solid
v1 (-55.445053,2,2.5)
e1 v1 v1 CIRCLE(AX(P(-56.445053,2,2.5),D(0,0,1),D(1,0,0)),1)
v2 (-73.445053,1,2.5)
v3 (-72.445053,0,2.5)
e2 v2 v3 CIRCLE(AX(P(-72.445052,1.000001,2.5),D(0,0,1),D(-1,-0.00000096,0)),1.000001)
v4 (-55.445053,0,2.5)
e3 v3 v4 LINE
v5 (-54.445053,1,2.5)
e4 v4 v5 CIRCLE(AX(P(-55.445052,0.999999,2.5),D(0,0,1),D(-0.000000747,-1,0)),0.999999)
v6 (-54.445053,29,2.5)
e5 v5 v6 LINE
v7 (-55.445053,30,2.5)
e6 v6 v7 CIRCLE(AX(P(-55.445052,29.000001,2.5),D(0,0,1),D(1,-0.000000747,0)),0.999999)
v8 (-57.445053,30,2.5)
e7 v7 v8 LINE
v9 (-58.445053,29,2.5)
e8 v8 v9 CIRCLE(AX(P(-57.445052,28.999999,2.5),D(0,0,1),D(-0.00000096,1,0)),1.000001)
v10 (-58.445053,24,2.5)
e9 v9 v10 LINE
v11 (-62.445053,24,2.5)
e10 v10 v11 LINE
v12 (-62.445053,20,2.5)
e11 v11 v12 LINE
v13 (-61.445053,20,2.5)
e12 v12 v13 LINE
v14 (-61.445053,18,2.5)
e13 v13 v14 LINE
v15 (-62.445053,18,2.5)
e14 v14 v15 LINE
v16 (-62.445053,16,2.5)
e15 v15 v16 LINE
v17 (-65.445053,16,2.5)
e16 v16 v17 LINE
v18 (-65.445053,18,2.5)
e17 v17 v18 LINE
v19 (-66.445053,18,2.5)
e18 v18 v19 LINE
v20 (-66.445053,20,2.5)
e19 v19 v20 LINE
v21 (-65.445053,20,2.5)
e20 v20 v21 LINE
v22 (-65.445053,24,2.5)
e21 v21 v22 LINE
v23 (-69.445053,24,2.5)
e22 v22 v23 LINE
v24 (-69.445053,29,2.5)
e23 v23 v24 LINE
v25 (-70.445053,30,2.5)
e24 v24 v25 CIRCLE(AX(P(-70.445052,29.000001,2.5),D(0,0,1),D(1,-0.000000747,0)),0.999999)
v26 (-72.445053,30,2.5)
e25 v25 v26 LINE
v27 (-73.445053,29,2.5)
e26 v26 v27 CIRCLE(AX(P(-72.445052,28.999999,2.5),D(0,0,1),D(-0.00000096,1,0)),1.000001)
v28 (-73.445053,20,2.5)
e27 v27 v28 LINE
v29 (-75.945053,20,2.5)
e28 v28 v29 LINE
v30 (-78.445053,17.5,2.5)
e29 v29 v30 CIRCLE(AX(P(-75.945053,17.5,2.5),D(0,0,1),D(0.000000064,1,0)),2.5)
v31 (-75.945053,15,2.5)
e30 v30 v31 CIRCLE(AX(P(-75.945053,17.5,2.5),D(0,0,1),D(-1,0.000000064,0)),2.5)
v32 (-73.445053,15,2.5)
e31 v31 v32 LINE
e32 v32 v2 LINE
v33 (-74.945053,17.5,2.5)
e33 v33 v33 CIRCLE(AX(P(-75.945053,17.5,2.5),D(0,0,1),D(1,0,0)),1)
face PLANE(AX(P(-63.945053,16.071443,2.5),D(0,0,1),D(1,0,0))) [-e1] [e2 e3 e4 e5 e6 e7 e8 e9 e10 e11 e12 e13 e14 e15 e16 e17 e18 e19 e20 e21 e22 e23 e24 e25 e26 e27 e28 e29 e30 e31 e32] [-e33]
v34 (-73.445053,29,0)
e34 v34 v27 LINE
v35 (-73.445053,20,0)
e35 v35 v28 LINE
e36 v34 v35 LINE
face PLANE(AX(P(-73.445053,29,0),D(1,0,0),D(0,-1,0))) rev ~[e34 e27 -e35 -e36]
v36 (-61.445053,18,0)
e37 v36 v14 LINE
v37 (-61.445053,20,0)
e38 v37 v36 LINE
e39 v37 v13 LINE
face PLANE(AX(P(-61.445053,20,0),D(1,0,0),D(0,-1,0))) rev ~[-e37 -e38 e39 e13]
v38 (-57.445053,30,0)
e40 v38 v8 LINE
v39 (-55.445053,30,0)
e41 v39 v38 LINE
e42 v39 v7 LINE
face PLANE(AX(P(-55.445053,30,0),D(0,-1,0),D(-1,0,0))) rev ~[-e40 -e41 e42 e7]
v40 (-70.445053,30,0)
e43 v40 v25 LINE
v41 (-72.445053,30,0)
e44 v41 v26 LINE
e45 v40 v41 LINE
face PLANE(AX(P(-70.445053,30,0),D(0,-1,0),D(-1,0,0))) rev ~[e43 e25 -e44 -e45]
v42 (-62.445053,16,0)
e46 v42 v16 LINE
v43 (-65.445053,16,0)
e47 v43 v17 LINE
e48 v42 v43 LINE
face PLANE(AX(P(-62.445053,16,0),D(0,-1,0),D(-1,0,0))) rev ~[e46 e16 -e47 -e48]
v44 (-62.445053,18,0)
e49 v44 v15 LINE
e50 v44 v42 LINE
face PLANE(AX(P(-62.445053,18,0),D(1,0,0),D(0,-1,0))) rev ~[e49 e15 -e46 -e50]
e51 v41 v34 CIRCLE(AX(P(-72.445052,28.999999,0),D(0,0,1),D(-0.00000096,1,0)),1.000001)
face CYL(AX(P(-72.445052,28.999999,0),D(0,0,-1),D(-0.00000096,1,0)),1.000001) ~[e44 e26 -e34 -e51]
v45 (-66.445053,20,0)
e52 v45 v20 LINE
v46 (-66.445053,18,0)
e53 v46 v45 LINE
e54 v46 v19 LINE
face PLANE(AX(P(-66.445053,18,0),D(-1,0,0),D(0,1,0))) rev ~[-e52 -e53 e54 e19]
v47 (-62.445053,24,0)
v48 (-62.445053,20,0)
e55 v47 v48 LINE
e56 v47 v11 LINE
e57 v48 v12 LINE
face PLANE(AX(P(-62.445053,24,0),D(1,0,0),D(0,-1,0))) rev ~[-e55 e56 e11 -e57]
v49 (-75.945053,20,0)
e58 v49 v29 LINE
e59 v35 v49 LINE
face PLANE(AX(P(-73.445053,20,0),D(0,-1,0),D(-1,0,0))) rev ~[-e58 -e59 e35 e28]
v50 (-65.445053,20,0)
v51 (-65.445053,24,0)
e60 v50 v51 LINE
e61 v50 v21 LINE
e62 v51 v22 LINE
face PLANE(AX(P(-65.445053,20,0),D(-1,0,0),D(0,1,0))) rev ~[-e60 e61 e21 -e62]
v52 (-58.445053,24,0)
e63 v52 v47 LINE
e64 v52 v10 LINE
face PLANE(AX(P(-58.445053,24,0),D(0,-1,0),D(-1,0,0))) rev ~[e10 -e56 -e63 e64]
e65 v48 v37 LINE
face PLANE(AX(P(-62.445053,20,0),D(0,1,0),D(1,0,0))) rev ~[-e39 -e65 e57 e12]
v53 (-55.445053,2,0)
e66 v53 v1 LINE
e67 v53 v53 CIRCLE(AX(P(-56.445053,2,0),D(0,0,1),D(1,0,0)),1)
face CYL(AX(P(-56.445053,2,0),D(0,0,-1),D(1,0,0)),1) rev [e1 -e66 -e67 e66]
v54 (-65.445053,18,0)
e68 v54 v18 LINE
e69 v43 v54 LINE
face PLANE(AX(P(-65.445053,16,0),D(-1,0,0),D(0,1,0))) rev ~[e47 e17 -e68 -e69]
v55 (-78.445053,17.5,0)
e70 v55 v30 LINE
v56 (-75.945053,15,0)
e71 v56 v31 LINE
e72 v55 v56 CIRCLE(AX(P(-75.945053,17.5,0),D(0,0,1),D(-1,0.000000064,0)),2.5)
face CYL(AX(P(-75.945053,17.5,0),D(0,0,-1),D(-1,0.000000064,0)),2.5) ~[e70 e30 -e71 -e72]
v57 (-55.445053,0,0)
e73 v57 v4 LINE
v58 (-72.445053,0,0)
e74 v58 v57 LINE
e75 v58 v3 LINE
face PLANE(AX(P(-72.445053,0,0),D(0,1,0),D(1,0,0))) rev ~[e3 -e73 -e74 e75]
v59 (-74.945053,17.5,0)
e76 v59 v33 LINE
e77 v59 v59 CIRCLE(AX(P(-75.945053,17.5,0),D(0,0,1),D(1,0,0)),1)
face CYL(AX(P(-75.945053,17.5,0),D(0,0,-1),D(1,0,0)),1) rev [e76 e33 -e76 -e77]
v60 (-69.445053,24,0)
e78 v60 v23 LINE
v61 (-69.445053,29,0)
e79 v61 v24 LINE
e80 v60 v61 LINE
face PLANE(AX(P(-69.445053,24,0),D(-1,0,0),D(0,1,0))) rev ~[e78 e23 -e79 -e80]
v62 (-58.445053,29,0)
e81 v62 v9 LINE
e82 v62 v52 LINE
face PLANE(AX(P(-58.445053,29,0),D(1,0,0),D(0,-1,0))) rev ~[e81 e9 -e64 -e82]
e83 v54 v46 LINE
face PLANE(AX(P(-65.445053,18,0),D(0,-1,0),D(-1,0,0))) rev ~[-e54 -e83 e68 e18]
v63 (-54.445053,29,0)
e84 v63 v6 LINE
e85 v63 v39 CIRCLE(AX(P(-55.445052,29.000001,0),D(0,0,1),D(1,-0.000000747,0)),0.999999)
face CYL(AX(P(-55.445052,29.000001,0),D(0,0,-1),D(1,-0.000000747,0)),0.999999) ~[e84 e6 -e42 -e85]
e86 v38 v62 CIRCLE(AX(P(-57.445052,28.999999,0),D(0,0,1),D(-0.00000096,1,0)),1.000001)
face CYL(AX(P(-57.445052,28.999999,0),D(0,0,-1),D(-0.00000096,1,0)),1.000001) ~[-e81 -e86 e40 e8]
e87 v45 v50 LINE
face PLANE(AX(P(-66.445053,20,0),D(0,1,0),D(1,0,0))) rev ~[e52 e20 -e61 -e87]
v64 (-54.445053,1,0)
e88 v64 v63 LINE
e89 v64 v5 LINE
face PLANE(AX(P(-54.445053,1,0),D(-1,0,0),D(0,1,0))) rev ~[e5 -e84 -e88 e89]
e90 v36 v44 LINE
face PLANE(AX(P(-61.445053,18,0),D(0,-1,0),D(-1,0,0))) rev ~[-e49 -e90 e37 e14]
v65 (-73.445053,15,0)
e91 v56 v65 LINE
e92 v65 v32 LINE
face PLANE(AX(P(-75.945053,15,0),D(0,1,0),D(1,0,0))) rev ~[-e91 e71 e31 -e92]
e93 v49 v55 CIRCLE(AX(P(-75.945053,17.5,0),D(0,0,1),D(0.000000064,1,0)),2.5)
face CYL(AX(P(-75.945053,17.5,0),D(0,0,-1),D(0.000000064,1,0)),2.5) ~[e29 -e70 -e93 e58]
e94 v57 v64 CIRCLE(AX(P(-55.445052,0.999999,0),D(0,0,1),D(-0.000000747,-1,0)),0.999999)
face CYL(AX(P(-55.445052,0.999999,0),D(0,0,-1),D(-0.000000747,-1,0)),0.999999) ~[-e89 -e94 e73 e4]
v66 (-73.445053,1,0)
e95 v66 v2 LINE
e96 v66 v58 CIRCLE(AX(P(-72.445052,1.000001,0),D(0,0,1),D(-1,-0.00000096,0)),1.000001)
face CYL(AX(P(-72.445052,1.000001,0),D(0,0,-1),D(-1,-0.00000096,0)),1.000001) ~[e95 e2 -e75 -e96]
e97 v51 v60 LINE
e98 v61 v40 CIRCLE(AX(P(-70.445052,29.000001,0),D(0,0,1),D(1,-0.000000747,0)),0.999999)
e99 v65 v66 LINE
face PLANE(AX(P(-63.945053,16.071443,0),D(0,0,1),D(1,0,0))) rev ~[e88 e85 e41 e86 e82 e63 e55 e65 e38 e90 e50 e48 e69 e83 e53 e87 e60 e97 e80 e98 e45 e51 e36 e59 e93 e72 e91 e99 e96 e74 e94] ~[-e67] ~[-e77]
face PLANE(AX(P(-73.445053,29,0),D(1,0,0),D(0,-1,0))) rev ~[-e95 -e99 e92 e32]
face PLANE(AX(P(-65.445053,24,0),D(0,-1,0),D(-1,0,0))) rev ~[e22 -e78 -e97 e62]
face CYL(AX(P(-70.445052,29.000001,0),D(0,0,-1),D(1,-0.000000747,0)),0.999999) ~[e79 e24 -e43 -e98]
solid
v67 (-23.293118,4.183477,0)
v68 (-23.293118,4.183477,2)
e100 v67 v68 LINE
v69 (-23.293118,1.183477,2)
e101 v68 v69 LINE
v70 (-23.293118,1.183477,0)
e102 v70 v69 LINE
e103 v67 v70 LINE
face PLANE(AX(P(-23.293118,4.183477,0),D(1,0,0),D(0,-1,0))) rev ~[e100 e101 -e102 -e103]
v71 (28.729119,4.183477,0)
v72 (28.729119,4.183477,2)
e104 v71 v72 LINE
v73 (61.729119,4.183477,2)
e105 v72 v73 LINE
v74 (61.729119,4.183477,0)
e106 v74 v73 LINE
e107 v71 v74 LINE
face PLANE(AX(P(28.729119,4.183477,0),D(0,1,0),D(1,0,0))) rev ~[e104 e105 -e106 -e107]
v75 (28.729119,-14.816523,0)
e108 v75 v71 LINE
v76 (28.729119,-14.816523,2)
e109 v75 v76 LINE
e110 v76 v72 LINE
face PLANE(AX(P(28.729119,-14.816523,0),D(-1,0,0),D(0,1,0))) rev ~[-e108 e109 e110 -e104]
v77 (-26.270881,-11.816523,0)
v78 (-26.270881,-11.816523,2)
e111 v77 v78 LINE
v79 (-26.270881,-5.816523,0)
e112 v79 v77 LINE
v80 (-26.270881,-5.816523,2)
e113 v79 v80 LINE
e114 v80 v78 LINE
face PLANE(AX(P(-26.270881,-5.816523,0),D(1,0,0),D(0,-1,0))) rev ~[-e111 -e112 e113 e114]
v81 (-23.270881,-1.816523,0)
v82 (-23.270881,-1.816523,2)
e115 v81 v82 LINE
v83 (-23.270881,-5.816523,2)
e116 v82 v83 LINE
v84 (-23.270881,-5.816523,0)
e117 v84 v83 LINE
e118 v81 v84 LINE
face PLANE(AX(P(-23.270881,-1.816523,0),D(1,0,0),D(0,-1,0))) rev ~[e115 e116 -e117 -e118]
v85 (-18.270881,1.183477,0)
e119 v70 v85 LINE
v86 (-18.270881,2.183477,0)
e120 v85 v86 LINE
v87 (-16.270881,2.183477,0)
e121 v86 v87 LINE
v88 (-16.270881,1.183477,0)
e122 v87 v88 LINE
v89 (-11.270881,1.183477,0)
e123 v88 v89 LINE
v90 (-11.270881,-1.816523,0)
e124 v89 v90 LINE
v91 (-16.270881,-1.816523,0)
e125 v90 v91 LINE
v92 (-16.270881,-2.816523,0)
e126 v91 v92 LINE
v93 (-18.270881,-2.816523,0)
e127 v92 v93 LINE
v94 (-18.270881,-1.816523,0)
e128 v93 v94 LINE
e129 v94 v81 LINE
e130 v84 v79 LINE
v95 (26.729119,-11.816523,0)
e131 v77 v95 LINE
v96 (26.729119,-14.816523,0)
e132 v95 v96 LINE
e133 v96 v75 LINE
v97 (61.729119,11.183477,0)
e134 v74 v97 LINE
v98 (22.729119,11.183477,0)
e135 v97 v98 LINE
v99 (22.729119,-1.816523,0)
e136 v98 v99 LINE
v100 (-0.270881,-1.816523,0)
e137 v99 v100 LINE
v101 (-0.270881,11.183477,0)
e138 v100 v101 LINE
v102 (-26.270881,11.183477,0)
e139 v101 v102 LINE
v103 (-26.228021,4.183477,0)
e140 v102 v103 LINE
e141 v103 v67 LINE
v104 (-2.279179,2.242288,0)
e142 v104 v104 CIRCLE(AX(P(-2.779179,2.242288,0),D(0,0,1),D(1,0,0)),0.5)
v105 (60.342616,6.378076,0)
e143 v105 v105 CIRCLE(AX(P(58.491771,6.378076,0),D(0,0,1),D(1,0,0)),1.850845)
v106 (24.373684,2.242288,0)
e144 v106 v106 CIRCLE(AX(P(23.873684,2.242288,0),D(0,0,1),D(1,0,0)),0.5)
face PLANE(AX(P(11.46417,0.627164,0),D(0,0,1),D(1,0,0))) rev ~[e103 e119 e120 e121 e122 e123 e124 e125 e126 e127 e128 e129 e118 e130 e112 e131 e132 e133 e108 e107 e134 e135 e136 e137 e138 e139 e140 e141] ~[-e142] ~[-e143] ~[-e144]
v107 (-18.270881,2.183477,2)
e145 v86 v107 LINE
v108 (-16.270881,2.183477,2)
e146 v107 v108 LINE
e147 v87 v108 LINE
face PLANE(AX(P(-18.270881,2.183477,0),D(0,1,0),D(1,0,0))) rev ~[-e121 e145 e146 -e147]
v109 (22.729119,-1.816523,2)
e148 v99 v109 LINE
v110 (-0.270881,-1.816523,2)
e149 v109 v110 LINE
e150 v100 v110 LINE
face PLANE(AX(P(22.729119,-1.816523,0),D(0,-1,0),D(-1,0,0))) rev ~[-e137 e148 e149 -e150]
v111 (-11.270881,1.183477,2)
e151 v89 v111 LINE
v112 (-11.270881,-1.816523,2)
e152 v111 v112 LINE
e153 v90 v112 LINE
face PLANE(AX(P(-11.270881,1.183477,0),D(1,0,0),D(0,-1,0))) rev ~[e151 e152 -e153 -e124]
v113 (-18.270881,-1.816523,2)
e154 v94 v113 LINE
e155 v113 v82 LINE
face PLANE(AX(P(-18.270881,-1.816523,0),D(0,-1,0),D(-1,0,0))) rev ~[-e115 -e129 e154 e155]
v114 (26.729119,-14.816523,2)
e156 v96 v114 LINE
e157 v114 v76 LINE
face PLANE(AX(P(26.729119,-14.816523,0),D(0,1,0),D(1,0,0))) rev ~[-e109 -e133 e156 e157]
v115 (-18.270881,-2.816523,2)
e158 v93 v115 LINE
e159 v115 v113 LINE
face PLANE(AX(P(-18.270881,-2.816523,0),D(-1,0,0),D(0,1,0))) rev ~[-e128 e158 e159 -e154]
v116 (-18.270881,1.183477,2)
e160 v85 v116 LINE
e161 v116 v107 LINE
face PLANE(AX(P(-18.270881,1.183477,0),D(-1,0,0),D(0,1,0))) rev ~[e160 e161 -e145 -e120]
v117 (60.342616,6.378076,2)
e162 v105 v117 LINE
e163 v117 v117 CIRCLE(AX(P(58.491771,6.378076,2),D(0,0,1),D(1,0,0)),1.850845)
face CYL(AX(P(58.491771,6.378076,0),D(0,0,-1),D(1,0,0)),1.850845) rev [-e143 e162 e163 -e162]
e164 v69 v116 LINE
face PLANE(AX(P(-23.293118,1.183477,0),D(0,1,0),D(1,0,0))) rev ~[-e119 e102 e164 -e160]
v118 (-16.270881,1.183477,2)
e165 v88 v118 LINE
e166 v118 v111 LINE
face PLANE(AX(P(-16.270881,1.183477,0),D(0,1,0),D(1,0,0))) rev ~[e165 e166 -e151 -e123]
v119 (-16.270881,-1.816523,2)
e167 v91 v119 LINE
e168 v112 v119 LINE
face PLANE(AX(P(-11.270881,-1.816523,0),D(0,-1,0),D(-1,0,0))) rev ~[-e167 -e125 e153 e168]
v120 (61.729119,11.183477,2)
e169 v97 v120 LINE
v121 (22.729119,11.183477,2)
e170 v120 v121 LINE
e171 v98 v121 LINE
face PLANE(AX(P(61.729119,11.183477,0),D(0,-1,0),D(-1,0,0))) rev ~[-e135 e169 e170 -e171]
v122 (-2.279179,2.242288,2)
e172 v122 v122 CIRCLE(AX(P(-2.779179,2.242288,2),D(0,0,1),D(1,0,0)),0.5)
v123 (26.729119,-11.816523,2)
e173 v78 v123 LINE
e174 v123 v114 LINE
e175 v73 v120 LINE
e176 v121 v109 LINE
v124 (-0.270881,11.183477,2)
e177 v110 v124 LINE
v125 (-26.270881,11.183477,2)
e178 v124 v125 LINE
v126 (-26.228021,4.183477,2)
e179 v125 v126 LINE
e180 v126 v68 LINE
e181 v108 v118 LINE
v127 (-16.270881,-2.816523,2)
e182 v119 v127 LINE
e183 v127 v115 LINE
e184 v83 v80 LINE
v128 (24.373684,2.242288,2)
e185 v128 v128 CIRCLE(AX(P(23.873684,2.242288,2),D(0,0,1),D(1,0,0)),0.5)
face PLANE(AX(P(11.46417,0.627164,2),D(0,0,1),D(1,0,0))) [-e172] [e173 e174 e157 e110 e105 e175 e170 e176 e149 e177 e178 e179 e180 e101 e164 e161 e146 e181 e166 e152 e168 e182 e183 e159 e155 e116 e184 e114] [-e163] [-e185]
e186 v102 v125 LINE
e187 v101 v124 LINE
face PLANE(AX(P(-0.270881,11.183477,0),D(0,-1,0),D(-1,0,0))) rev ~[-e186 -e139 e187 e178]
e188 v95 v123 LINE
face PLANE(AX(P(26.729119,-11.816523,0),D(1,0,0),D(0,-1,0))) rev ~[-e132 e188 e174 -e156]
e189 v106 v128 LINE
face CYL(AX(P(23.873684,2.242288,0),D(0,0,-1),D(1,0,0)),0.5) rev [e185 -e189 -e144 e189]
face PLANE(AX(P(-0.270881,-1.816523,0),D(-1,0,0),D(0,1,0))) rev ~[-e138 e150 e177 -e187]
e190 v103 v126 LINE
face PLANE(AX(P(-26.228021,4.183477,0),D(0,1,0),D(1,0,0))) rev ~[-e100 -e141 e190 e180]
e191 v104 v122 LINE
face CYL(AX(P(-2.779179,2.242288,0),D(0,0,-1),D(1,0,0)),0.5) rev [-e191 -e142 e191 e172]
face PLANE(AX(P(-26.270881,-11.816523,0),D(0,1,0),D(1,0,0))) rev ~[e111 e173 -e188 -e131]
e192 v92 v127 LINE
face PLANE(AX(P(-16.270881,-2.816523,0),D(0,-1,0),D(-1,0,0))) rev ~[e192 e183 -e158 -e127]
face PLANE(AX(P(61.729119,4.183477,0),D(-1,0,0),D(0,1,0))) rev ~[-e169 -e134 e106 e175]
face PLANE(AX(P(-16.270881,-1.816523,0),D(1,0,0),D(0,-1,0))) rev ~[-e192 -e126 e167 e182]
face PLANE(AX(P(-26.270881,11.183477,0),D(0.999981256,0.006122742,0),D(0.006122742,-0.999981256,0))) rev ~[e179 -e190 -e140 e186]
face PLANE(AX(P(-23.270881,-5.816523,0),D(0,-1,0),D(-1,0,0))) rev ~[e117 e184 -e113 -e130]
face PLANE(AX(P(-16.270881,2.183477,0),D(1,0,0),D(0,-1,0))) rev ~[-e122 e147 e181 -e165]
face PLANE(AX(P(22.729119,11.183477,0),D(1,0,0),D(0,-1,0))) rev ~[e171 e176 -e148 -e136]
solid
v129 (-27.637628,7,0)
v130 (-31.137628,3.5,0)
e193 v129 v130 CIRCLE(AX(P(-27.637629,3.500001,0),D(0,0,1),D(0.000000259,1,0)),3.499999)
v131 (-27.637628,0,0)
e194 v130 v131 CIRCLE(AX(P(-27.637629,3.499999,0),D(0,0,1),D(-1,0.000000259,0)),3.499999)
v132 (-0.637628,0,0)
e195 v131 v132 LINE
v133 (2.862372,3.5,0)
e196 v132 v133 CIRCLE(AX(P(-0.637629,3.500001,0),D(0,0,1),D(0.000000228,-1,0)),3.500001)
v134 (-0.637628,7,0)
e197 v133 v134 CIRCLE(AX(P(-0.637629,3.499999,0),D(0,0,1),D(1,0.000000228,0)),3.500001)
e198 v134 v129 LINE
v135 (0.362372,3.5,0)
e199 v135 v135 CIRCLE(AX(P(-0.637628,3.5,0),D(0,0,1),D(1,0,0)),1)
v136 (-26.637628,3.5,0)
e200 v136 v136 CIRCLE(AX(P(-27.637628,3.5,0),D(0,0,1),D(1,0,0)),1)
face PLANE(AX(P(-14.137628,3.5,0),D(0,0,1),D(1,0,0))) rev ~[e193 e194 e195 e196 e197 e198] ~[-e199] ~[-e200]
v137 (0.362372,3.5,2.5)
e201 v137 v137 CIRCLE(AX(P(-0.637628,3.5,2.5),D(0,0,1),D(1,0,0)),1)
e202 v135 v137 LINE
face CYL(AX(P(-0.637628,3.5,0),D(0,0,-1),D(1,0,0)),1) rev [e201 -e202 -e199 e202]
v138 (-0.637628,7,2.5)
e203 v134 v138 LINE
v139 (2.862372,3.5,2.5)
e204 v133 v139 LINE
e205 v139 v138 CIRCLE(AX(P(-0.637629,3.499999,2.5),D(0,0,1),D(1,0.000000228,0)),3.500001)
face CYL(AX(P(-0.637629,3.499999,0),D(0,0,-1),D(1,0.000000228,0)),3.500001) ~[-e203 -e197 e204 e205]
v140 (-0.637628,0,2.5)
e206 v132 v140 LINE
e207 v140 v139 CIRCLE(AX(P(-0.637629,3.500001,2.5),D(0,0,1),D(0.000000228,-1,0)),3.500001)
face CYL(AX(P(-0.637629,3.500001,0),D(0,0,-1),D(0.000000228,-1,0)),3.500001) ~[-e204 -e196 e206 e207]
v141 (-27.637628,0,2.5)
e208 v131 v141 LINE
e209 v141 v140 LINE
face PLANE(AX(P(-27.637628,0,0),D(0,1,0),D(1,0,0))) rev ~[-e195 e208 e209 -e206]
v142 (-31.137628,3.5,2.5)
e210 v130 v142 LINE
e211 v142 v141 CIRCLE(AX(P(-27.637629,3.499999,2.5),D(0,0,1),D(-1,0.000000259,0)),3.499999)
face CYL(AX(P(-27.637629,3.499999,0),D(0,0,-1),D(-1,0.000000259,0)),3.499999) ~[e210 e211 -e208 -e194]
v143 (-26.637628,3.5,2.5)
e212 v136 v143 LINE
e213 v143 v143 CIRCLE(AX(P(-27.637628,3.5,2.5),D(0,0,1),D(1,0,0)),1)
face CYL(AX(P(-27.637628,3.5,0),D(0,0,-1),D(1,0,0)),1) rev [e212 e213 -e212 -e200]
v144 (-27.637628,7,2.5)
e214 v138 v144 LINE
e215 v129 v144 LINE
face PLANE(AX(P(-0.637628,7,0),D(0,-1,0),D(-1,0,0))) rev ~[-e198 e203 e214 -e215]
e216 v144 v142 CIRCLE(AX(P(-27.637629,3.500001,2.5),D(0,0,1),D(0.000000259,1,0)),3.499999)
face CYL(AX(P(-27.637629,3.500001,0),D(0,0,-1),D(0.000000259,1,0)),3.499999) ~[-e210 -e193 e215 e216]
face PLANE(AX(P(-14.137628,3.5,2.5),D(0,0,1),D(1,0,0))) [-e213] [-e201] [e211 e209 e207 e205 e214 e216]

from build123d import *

# Parameters (mm, degrees)
F0_R     = 1
F1_DEPTH = 2.5
F2_DEPTH = 2.5
F3_R     = 1
F4_DEPTH = 2.5
F5_R     = 0.5
F5_R_2   = 1.850845
F6_DEPTH = 2


with BuildPart() as f1:
    # F0 (on Top) → F1 (new body)
    with BuildSketch(Plane.XY):
        with BuildLine():
            Line((-72.445053, 0), (-63.445053, 0))
            Line((-63.445053, 0), (-55.445053, 0))
            ThreePointArc((-55.445053, 0), (-54.737946, 0.292893), (-54.445053, 1))
            Line((-54.445053, 1), (-54.445053, 29))
            ThreePointArc((-54.445053, 29), (-54.737946, 29.707107), (-55.445053, 30))
            Line((-55.445053, 30), (-57.445053, 30))
            ThreePointArc((-57.445053, 30), (-58.152159, 29.707107), (-58.445053, 29))
            Line((-58.445053, 29), (-58.445053, 24))
            Line((-58.445053, 24), (-62.445053, 24))
            Line((-62.445053, 24), (-62.445053, 20))
            Line((-62.445053, 20), (-61.445053, 20))
            Line((-61.445053, 20), (-61.445053, 18))
            Line((-61.445053, 18), (-62.445053, 18))
            Line((-62.445053, 18), (-62.445053, 16))
            Line((-62.445053, 16), (-63.945053, 16))
            Line((-63.945053, 16), (-65.445053, 16))
            Line((-65.445053, 16), (-65.445053, 18))
            Line((-65.445053, 18), (-66.445053, 18))
            Line((-66.445053, 18), (-66.445053, 20))
            Line((-66.445053, 20), (-65.445053, 20))
            Line((-65.445053, 20), (-65.445053, 24))
            Line((-65.445053, 24), (-69.445053, 24))
            Line((-69.445053, 24), (-69.445053, 29))
            ThreePointArc((-69.445053, 29), (-69.737946, 29.707107), (-70.445053, 30))
            Line((-70.445053, 30), (-72.445053, 30))
            ThreePointArc((-72.445053, 30), (-73.152159, 29.707107), (-73.445053, 29))
            Line((-73.445053, 29), (-73.445053, 20))
            Line((-73.445053, 20), (-73.445053, 15))
            Line((-73.445053, 15), (-73.445053, 1))
            ThreePointArc((-73.445053, 1), (-73.152159, 0.292893), (-72.445053, 0))
        make_face()
        with Locations((-56.445053, 2)):
            Circle(F0_R, mode=Mode.SUBTRACT)
    extrude(amount=F1_DEPTH)

    # F0 (on Top) → F2 (join)
    with BuildSketch(Plane.XY):
        with BuildLine():
            Line((-75.945053, 15), (-73.445053, 15))
            Line((-73.445053, 15), (-73.445053, 20))
            Line((-73.445053, 20), (-75.945053, 20))
            ThreePointArc((-75.945053, 20), (-77.71282, 19.267767), (-78.445053, 17.5))
            ThreePointArc((-78.445053, 17.5), (-77.71282, 15.732233), (-75.945053, 15))
        make_face()
        with Locations((-75.945053, 17.5)):
            Circle(F0_R, mode=Mode.SUBTRACT)
    extrude(amount=F2_DEPTH)


with BuildPart() as f4:
    # F3 (on Top) → F4 (new body)
    with BuildSketch(Plane.XY):
        with BuildLine():
            ThreePointArc((-31.137628, 3.5), (-30.112502, 1.025126), (-27.637628, 0))
            Line((-27.637628, 0), (-0.637628, 0))
            ThreePointArc((-0.637628, 0), (1.837245, 1.025126), (2.862372, 3.5))
            ThreePointArc((2.862372, 3.5), (1.837245, 5.974874), (-0.637628, 7))
            Line((-0.637628, 7), (-27.637628, 7))
            ThreePointArc((-27.637628, 7), (-30.112502, 5.974874), (-31.137628, 3.5))
        make_face()
        with Locations((-27.637628, 3.5)):
            Circle(F3_R, mode=Mode.SUBTRACT)
        with Locations((-0.637628, 3.5)):
            Circle(F3_R, mode=Mode.SUBTRACT)
    extrude(amount=F4_DEPTH)


with BuildPart() as f6:
    # F5 (on Top) → F6 (new body)
    with BuildSketch(Plane.XY):
        Polygon((-0.270881, 11.183477), (-26.270881, 11.183477), (-26.228021, 4.183477), (-23.293118, 4.183477), (-23.293118, 1.183477), (-18.270881, 1.183477), (-18.270881, 2.183477), (-16.270881, 2.183477), (-16.270881, 1.183477), (-11.270881, 1.183477), (-11.270881, -1.816523), (-16.270881, -1.816523), (-16.270881, -2.816523), (-18.270881, -2.816523), (-18.270881, -1.816523), (-23.270881, -1.816523), (-23.270881, -5.816523), (-26.270881, -5.816523), (-26.270881, -11.816523), (26.729119, -11.816523), (26.729119, -14.816523), (28.729119, -14.816523), (28.729119, 4.183477), (61.729119, 4.183477), (61.729119, 11.183477), (22.729119, 11.183477), (22.729119, -1.816523), (-0.270881, -1.816523), align=None)
        with Locations((-2.779179, 2.242288)):
            Circle(F5_R, mode=Mode.SUBTRACT)
        with Locations((23.873684, 2.242288)):
            Circle(F5_R, mode=Mode.SUBTRACT)
        with Locations((58.491771, 6.378076)):
            Circle(F5_R_2, mode=Mode.SUBTRACT)
    extrude(amount=F6_DEPTH)


solid = Compound([f1.part, f4.part, f6.part])
